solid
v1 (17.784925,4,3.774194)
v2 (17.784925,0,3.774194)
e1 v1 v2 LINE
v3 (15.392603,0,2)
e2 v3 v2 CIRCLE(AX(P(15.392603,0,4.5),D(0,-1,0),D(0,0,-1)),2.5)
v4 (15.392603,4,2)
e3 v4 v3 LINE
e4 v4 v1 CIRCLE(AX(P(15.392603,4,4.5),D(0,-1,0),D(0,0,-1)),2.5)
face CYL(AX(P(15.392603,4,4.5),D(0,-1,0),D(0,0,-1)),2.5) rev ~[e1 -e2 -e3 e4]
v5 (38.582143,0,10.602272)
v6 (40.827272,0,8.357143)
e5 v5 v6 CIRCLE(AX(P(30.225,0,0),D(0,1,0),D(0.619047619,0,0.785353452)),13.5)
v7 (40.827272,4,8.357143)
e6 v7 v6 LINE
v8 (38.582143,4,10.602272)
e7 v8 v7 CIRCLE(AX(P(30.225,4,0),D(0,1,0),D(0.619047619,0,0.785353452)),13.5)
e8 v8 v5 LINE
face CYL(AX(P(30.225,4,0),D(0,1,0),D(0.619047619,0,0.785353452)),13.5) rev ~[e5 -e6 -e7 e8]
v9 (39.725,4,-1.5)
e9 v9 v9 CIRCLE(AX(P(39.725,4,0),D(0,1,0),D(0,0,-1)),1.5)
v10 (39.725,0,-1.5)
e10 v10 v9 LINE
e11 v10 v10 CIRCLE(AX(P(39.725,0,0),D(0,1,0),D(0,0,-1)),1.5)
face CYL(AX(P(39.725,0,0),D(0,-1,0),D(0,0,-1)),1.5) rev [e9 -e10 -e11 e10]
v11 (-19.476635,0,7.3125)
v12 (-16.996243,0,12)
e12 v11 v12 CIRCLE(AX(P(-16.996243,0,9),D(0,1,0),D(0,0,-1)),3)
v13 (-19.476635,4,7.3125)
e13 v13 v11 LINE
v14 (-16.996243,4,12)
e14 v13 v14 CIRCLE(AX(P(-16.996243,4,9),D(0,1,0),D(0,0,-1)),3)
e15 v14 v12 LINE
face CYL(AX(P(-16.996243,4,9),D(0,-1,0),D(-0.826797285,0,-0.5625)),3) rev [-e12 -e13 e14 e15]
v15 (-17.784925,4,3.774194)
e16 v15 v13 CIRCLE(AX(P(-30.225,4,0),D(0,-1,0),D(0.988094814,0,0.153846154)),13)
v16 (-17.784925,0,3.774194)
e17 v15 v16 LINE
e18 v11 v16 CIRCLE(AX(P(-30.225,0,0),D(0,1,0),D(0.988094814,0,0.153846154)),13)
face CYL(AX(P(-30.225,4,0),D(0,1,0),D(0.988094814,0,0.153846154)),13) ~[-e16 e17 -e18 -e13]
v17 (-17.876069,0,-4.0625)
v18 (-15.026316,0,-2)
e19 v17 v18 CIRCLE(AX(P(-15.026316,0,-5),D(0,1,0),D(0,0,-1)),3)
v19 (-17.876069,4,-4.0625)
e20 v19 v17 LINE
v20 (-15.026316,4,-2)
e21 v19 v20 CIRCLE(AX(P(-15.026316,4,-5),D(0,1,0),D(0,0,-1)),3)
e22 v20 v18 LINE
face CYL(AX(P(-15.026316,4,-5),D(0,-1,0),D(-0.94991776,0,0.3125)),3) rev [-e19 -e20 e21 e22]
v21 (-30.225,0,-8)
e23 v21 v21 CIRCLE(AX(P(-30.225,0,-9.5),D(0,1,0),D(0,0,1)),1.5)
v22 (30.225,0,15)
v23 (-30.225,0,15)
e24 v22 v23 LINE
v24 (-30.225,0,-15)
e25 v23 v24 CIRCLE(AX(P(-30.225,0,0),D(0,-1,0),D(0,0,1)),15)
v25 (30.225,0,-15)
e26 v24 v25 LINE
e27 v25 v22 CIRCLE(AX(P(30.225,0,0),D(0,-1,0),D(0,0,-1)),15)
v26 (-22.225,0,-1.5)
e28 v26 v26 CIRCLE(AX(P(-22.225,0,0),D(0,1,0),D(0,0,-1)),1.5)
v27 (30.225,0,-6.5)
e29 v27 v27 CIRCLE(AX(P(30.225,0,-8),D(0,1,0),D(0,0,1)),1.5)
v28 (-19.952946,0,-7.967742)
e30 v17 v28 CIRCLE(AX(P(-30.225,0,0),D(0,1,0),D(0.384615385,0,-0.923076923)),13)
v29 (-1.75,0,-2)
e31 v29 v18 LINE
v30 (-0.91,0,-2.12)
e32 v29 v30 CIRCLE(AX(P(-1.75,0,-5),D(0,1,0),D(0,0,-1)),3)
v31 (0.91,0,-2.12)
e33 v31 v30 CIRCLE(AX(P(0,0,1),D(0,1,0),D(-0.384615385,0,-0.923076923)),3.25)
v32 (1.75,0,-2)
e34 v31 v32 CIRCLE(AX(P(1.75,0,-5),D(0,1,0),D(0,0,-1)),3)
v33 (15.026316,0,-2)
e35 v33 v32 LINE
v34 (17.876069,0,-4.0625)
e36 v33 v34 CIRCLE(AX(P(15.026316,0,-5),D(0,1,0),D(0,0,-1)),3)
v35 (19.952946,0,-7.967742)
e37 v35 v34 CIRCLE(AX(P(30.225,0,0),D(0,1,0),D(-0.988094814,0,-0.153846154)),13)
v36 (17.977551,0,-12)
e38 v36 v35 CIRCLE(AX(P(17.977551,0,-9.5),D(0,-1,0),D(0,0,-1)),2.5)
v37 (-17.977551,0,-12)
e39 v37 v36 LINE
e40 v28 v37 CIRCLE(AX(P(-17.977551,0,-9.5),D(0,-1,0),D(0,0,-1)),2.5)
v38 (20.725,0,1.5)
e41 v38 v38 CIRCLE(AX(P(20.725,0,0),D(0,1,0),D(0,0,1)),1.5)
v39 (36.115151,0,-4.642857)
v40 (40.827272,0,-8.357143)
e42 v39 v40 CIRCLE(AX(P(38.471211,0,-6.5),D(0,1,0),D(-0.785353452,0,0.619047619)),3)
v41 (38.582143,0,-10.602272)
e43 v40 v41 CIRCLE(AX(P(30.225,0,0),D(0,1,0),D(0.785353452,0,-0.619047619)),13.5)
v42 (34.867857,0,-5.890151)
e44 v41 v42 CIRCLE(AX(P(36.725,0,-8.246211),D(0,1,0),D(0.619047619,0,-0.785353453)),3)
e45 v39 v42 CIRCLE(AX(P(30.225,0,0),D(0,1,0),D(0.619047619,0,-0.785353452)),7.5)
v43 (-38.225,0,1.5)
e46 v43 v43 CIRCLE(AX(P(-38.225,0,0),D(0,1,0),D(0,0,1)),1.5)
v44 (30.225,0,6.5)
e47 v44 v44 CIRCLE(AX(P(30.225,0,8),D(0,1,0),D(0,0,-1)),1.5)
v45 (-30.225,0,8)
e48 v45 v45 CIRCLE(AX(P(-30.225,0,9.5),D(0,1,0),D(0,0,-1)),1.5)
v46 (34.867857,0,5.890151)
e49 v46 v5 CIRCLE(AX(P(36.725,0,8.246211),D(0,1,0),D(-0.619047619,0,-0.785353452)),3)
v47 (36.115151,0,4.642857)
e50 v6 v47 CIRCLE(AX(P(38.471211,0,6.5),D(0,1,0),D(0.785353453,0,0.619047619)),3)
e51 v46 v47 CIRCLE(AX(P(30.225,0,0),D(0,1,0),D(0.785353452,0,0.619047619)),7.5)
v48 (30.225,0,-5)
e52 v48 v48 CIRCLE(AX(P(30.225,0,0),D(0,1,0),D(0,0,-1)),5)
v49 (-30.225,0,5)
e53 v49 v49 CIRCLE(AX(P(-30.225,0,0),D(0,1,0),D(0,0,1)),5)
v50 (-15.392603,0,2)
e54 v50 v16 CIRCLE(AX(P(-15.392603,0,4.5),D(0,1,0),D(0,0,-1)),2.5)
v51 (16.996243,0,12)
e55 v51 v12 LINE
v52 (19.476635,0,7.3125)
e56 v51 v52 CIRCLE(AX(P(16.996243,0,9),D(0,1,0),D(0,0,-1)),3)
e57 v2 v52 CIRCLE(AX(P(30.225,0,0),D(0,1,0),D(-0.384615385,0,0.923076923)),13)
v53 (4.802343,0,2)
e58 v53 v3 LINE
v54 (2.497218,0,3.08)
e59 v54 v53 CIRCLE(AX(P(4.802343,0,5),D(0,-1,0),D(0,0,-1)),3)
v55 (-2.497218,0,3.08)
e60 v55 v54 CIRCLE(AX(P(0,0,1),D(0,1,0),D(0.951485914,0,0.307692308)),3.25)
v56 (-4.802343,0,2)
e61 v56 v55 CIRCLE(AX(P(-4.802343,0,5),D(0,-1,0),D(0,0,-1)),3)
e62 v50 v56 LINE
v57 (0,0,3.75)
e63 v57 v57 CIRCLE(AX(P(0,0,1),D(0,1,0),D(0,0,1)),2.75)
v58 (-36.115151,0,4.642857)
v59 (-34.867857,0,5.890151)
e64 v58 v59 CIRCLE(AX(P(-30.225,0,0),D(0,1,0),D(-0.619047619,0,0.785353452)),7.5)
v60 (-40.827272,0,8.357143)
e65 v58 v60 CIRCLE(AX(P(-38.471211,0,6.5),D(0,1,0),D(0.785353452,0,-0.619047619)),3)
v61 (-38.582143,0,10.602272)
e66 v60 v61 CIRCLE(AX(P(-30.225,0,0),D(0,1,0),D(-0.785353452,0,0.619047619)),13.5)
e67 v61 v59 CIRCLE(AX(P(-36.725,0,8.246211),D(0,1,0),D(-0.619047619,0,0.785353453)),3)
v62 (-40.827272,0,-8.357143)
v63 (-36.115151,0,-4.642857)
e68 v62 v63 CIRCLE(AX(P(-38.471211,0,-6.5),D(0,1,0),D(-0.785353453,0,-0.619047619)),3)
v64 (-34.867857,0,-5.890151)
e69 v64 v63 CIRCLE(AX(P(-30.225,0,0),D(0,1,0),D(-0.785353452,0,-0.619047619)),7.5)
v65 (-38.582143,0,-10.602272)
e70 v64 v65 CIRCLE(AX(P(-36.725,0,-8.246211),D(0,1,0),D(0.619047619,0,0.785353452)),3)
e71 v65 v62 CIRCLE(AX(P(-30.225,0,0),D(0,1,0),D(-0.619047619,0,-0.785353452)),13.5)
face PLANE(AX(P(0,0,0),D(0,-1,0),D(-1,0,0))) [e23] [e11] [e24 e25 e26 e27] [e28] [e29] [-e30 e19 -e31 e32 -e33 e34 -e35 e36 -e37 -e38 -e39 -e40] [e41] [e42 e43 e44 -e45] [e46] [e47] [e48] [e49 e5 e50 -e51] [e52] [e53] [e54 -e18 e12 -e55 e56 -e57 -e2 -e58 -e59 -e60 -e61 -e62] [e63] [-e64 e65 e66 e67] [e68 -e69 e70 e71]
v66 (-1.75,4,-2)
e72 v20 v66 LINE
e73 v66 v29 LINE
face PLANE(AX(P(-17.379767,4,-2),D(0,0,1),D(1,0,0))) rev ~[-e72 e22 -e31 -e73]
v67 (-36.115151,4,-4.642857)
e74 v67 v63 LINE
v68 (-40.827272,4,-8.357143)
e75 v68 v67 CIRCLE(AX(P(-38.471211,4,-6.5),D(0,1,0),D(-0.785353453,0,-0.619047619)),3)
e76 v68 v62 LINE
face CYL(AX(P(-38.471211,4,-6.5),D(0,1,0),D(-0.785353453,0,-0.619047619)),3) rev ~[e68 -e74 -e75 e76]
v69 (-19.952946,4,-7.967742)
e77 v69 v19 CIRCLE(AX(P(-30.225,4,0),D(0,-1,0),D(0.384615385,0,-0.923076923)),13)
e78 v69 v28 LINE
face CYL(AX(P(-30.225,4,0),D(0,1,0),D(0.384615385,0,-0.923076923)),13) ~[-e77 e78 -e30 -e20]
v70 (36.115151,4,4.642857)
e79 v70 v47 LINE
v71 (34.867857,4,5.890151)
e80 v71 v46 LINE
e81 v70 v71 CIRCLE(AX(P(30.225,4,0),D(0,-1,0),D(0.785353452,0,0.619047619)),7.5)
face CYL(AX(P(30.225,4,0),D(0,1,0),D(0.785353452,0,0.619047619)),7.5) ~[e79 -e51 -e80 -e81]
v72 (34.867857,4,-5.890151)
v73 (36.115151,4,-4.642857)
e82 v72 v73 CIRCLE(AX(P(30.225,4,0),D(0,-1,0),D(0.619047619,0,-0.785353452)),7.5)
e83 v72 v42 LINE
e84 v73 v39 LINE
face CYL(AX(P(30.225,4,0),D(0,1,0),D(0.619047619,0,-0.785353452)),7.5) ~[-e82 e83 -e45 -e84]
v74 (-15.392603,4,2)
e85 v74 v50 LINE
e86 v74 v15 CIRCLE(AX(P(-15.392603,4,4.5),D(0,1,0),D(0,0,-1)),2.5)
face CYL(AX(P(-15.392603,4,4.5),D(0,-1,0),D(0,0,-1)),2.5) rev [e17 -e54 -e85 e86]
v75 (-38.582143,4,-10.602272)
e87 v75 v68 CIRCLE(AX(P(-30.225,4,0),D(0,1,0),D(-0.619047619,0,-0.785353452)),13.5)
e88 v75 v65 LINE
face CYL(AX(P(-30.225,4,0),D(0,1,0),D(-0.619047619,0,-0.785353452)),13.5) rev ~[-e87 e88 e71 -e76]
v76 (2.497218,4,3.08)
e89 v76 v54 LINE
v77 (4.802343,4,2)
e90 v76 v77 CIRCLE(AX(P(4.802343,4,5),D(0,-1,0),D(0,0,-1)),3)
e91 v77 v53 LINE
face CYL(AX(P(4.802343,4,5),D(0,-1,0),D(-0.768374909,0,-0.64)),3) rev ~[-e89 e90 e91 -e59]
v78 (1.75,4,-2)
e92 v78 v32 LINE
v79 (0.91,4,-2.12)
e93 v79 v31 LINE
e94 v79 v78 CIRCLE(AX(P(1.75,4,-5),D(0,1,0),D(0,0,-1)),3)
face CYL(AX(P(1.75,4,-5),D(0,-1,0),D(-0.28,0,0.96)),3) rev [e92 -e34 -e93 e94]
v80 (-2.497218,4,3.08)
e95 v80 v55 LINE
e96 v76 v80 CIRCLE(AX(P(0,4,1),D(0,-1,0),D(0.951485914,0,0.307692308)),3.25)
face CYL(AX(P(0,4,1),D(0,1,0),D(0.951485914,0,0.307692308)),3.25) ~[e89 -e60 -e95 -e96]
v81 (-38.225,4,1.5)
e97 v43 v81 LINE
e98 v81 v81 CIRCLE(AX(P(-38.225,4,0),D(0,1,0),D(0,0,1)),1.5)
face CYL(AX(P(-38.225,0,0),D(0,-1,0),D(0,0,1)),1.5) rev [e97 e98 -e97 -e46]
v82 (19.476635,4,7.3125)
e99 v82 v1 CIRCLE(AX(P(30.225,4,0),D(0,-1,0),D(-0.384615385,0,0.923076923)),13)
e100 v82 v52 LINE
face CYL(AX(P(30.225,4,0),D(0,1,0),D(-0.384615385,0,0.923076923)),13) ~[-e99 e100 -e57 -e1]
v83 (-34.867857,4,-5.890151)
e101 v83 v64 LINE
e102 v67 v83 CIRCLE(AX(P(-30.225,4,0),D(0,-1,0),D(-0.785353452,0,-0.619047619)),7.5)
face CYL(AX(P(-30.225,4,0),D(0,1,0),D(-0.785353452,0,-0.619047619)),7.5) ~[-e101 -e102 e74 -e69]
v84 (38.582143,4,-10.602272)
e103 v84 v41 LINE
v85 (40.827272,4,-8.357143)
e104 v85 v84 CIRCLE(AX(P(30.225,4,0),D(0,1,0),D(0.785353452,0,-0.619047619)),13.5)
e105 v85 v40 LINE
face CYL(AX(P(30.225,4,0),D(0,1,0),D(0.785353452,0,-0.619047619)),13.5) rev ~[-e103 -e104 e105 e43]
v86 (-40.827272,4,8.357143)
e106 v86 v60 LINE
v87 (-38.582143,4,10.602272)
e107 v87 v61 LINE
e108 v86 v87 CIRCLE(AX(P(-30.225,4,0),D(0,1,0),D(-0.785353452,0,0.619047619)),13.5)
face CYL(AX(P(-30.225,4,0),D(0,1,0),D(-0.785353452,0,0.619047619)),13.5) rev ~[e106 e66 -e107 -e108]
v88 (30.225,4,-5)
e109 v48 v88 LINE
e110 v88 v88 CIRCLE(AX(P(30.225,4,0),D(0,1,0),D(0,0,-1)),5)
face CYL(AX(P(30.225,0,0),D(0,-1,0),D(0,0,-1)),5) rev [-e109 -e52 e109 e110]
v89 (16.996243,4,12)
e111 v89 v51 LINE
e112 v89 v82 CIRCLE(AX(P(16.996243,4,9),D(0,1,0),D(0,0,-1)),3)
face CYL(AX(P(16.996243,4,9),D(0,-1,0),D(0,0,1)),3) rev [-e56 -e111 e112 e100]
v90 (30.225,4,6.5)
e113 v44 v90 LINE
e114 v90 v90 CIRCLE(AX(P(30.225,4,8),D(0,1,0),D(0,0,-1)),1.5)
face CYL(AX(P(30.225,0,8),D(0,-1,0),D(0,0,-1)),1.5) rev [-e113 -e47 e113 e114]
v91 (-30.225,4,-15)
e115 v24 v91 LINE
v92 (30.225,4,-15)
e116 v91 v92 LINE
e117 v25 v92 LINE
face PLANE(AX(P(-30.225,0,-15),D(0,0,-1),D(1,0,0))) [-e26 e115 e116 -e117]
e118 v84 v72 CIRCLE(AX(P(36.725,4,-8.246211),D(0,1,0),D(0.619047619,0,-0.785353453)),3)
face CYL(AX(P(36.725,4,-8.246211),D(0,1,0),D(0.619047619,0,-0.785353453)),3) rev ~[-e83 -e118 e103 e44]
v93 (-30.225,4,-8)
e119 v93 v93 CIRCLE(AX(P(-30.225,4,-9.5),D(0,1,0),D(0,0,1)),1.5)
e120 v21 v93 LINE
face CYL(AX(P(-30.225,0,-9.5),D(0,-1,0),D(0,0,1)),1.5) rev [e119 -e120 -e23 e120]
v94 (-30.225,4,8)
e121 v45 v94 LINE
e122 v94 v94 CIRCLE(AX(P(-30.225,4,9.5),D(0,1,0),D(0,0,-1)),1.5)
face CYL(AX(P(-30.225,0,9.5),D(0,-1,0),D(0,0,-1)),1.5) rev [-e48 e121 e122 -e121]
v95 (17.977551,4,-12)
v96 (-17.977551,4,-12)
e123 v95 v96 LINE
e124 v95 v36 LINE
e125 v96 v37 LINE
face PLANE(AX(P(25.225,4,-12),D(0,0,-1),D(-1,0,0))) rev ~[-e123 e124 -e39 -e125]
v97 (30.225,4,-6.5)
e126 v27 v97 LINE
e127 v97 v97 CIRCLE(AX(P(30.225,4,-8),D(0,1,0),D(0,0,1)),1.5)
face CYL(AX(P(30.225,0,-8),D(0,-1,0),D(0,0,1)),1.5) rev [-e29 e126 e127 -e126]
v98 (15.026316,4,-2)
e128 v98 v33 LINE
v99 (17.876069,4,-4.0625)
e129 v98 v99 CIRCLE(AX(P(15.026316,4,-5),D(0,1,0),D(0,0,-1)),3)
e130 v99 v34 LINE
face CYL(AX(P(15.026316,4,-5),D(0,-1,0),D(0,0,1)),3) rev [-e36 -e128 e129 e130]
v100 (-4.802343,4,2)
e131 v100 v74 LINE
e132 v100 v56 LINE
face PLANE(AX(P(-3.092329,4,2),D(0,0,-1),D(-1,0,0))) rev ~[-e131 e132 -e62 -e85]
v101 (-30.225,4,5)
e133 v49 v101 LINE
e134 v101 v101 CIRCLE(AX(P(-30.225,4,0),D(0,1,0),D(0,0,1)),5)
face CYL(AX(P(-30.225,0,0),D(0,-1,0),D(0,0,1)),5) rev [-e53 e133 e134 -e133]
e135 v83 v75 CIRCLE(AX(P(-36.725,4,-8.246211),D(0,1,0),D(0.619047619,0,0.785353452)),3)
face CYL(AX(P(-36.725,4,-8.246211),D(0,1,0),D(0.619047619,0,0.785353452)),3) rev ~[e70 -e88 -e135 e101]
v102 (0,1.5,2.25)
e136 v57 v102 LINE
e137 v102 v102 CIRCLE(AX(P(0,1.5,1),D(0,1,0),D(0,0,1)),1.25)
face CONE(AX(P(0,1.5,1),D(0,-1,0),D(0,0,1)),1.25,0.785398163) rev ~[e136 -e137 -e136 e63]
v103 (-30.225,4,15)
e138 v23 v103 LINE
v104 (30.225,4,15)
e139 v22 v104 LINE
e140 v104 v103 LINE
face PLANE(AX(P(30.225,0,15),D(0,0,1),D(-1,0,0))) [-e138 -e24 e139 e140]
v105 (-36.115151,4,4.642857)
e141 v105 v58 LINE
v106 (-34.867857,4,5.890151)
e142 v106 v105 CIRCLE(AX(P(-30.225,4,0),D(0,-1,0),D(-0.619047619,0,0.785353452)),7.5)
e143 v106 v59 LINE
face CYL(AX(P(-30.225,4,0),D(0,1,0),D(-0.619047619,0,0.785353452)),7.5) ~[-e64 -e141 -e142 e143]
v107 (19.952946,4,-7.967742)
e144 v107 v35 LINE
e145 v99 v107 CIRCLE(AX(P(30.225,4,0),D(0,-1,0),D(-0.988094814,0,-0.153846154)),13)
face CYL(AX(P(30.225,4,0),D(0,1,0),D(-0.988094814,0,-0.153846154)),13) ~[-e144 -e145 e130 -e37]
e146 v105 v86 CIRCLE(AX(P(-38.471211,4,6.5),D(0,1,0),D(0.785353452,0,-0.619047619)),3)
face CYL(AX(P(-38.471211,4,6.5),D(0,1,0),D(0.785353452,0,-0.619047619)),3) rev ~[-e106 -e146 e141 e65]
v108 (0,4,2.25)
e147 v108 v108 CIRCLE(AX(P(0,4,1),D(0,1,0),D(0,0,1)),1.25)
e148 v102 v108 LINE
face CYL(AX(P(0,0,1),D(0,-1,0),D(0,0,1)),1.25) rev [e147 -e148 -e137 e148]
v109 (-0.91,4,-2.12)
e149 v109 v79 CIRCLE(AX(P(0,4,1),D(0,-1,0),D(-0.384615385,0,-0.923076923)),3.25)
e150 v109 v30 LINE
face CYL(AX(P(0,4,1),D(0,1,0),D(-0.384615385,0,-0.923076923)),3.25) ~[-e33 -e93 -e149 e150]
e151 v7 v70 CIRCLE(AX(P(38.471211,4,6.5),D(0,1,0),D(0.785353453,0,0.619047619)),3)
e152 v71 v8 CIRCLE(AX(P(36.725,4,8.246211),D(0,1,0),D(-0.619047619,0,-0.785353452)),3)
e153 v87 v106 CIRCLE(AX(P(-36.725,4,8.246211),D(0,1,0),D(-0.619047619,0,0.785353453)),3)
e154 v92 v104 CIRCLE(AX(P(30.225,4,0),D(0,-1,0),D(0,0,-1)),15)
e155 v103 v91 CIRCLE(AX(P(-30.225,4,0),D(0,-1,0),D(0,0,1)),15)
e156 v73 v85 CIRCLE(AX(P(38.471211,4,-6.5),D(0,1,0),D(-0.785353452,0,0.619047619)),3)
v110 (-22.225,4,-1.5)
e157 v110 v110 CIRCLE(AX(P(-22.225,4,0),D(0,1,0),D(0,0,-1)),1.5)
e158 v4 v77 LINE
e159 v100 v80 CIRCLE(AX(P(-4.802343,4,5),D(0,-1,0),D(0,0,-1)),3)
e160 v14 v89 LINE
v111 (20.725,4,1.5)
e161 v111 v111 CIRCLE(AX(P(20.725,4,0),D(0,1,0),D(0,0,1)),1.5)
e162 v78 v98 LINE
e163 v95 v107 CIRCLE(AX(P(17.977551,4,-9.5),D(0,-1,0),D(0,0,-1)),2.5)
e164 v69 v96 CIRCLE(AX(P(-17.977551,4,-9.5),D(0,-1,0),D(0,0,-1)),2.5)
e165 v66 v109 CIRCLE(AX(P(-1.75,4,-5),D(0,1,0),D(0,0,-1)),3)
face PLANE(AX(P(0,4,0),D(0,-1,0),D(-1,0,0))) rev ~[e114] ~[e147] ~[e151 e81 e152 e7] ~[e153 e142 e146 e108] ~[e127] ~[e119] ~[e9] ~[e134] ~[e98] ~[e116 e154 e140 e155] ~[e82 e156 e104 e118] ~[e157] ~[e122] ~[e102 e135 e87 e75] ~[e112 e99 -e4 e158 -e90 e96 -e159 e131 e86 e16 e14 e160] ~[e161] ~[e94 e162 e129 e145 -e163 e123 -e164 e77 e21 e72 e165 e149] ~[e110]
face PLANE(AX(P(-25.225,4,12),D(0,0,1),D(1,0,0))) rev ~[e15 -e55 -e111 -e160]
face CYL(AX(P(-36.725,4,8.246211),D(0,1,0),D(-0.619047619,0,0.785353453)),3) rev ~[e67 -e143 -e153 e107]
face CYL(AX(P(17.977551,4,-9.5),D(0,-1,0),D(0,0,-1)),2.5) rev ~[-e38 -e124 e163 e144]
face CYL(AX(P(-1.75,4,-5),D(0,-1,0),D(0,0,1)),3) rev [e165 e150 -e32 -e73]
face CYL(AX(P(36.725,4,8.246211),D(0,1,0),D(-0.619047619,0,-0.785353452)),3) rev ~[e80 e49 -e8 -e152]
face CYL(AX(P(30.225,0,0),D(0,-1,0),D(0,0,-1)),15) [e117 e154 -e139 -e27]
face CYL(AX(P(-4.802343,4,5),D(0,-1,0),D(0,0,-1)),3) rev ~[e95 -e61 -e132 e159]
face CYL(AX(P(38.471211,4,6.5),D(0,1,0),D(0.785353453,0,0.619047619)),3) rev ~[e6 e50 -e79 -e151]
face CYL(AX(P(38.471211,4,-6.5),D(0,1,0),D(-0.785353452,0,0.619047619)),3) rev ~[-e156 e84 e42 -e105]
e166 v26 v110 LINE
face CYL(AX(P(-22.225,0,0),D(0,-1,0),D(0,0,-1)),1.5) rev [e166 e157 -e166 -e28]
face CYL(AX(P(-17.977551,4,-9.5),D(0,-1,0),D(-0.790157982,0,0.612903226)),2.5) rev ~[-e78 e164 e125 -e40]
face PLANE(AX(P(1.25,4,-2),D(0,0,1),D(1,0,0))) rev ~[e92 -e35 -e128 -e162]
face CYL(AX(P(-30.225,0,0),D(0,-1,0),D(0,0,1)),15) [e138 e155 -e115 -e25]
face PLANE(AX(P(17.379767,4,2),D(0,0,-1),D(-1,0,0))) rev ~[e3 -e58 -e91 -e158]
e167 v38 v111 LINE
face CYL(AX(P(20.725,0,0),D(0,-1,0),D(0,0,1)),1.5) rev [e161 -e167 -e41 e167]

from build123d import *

# Parameters (mm, degrees)
SKETCH_1_R          = 5
SKETCH_1_R_2        = 1.5
SKETCH_1_R_3        = 1.25
EXTRUDE_1_DEPTH     = 4
CUT_EXTRUDE_1_DEPTH = 10
FILLET_1_R          = 2.5
FILLET_2_R          = 3
CUT_EXTRUDE_2_DEPTH = 10
CHAMFER_1_SIZE      = 1.5


with BuildPart() as part:
    # 草图1 → 凸台-拉伸1 (new body)
    with BuildSketch(Plane(origin=(0, 0, 0), x_dir=(1, 0, 0), z_dir=(0, 1, 0))):
        with BuildLine():
            Line((-30.225, 15), (30.225, 15))
            ThreePointArc((30.225, 15), (45.225, 0), (30.225, -15))
            Line((30.225, -15), (-30.225, -15))
            ThreePointArc((-30.225, -15), (-45.225, 0), (-30.225, 15))
        make_face()
        with Locations(Location((-30.225, 0, 0), (0, 0, 270))):
            Circle(SKETCH_1_R, mode=Mode.SUBTRACT)
        with Locations(Location((30.225, 0, 0), (0, 0, 90))):
            Circle(SKETCH_1_R, mode=Mode.SUBTRACT)
        with Locations(Location((-30.225, 9.5, 0), (0, 0, 270))):
            Circle(SKETCH_1_R_2, mode=Mode.SUBTRACT)
        with Locations(Location((-30.225, -9.5, 0), (0, 0, 90))):
            Circle(SKETCH_1_R_2, mode=Mode.SUBTRACT)
        with Locations(Location((-38.225, 0, 0), (0, 0, 270))):
            Circle(SKETCH_1_R_2, mode=Mode.SUBTRACT)
        with Locations(Location((-22.225, 0, 0), (0, 0, 90))):
            Circle(SKETCH_1_R_2, mode=Mode.SUBTRACT)
        with Locations(Location((30.225, 8, 0), (0, 0, 270))):
            Circle(SKETCH_1_R_2, mode=Mode.SUBTRACT)
        with Locations(Location((20.725, 0, 0), (0, 0, 270))):
            Circle(SKETCH_1_R_2, mode=Mode.SUBTRACT)
        with Locations(Location((39.725, 0, 0), (0, 0, 90))):
            Circle(SKETCH_1_R_2, mode=Mode.SUBTRACT)
        with Locations(Location((30.225, -8, 0), (0, 0, 90))):
            Circle(SKETCH_1_R_2, mode=Mode.SUBTRACT)
        with Locations(Location((0, -1, 0), (0, 0, 270))):
            Circle(SKETCH_1_R_3, mode=Mode.SUBTRACT)
    extrude(amount=EXTRUDE_1_DEPTH)

    # 草图2 → 切除-拉伸1 (cut)
    with BuildSketch(Plane(origin=(0, 4, 0), x_dir=(1, 0, 0), z_dir=(0, 1, 0))):
        with BuildLine():
            Line((-3.092329219, -2), (-17.379767421, -2))
            ThreePointArc((-17.379767421, -2), (-19.996946351, -8.02414597), (-25.225, -12))
            Line((-25.225, -12), (25.225, -12))
            ThreePointArc((25.225, -12), (19.996946351, -8.02414597), (17.379767421, -2))
            Line((17.379767421, -2), (3.092329219, -2))
            ThreePointArc((3.092329219, -2), (0, -4.25), (-3.092329219, -2))
        make_face()
        with BuildLine():
            Line((-17.379767421, 2), (-1.25, 2))
            ThreePointArc((-1.25, 2), (0, 2.25), (1.25, 2))
            Line((1.25, 2), (17.379767421, 2))
            ThreePointArc((17.379767421, 2), (19.996946351, 8.02414597), (25.225, 12))
            Line((25.225, 12), (-25.225, 12))
            ThreePointArc((-25.225, 12), (-19.996946351, 8.02414597), (-17.379767421, 2))
        make_face()
    extrude(amount=-CUT_EXTRUDE_1_DEPTH, mode=Mode.SUBTRACT)

    # 圆角1
    fillet_1_edges = [part.edges().sort_by_distance(p)[0] for p in [
        (-25.225, 2, -12),
        (25.225, 2, -12),
        (17.379767421, 2, 2),
        (-17.379767421, 2, 2),
    ]]
    fillet(fillet_1_edges, radius=FILLET_1_R)

    # 圆角2
    fillet_2_edges = [part.edges().sort_by_distance(p)[0] for p in [
        (1.25, 2, -2),
        (-1.25, 2, -2),
        (-17.379767421, 2, -2),
        (17.379767421, 2, -2),
        (-3.092329219, 2, 2),
        (3.092329219, 2, 2),
        (25.225, 2, 12),
        (-25.225, 2, 12),
    ]]
    fillet(fillet_2_edges, radius=FILLET_2_R)

    # 草图3 → 切除-拉伸2 (cut)
    with BuildSketch(Plane(origin=(0, 4, 0), x_dir=(1, 0, 0), z_dir=(0, 1, 0))):
        with BuildLine():
            ThreePointArc((-34.867857143, 5.890150894), (-34.368939643, 10.103354108), (-38.582142857, 10.602271609))
            ThreePointArc((-38.582142857, 10.602271609), (-39.770941546, 9.545941546), (-40.827271609, 8.357142857))
            ThreePointArc((-40.827271609, 8.357142857), (-40.328354108, 4.143939643), (-36.115150894, 4.642857143))
            ThreePointArc((-36.115150894, 4.642857143), (-35.528300859, 5.303300859), (-34.867857143, 5.890150894))
        make_face()
        with BuildLine():
            ThreePointArc((-40.827271609, -8.357142857), (-39.770941546, -9.545941546), (-38.582142857, -10.602271609))
            ThreePointArc((-38.582142857, -10.602271609), (-34.368939643, -10.103354108), (-34.867857143, -5.890150894))
            ThreePointArc((-34.867857143, -5.890150894), (-35.528300859, -5.303300859), (-36.115150894, -4.642857143))
            ThreePointArc((-36.115150894, -4.642857143), (-40.328354108, -4.143939643), (-40.827271609, -8.357142857))
        make_face()
        with BuildLine():
            ThreePointArc((38.582142857, -10.602271609), (39.770941546, -9.545941546), (40.827271609, -8.357142857))
            ThreePointArc((40.827271609, -8.357142857), (40.328354108, -4.143939643), (36.115150894, -4.642857143))
            ThreePointArc((36.115150894, -4.642857143), (35.528300859, -5.303300859), (34.867857143, -5.890150894))
            ThreePointArc((34.867857143, -5.890150894), (34.368939643, -10.103354108), (38.582142857, -10.602271609))
        make_face()
        with BuildLine():
            ThreePointArc((40.827271609, 8.357142857), (39.770941546, 9.545941546), (38.582142857, 10.602271609))
            ThreePointArc((38.582142857, 10.602271609), (34.368939643, 10.103354108), (34.867857143, 5.890150894))
            ThreePointArc((34.867857143, 5.890150894), (35.528300859, 5.303300859), (36.115150894, 4.642857143))
            ThreePointArc((36.115150894, 4.642857143), (40.328354108, 4.143939643), (40.827271609, 8.357142857))
        make_face()
    extrude(amount=-CUT_EXTRUDE_2_DEPTH, mode=Mode.SUBTRACT)

    # 倒角1
    chamfer_1_edges = [part.edges().sort_by_distance(p)[0] for p in [
        (0, 0, -0.25),
    ]]
    chamfer(chamfer_1_edges, length=CHAMFER_1_SIZE)


solid = part.part
